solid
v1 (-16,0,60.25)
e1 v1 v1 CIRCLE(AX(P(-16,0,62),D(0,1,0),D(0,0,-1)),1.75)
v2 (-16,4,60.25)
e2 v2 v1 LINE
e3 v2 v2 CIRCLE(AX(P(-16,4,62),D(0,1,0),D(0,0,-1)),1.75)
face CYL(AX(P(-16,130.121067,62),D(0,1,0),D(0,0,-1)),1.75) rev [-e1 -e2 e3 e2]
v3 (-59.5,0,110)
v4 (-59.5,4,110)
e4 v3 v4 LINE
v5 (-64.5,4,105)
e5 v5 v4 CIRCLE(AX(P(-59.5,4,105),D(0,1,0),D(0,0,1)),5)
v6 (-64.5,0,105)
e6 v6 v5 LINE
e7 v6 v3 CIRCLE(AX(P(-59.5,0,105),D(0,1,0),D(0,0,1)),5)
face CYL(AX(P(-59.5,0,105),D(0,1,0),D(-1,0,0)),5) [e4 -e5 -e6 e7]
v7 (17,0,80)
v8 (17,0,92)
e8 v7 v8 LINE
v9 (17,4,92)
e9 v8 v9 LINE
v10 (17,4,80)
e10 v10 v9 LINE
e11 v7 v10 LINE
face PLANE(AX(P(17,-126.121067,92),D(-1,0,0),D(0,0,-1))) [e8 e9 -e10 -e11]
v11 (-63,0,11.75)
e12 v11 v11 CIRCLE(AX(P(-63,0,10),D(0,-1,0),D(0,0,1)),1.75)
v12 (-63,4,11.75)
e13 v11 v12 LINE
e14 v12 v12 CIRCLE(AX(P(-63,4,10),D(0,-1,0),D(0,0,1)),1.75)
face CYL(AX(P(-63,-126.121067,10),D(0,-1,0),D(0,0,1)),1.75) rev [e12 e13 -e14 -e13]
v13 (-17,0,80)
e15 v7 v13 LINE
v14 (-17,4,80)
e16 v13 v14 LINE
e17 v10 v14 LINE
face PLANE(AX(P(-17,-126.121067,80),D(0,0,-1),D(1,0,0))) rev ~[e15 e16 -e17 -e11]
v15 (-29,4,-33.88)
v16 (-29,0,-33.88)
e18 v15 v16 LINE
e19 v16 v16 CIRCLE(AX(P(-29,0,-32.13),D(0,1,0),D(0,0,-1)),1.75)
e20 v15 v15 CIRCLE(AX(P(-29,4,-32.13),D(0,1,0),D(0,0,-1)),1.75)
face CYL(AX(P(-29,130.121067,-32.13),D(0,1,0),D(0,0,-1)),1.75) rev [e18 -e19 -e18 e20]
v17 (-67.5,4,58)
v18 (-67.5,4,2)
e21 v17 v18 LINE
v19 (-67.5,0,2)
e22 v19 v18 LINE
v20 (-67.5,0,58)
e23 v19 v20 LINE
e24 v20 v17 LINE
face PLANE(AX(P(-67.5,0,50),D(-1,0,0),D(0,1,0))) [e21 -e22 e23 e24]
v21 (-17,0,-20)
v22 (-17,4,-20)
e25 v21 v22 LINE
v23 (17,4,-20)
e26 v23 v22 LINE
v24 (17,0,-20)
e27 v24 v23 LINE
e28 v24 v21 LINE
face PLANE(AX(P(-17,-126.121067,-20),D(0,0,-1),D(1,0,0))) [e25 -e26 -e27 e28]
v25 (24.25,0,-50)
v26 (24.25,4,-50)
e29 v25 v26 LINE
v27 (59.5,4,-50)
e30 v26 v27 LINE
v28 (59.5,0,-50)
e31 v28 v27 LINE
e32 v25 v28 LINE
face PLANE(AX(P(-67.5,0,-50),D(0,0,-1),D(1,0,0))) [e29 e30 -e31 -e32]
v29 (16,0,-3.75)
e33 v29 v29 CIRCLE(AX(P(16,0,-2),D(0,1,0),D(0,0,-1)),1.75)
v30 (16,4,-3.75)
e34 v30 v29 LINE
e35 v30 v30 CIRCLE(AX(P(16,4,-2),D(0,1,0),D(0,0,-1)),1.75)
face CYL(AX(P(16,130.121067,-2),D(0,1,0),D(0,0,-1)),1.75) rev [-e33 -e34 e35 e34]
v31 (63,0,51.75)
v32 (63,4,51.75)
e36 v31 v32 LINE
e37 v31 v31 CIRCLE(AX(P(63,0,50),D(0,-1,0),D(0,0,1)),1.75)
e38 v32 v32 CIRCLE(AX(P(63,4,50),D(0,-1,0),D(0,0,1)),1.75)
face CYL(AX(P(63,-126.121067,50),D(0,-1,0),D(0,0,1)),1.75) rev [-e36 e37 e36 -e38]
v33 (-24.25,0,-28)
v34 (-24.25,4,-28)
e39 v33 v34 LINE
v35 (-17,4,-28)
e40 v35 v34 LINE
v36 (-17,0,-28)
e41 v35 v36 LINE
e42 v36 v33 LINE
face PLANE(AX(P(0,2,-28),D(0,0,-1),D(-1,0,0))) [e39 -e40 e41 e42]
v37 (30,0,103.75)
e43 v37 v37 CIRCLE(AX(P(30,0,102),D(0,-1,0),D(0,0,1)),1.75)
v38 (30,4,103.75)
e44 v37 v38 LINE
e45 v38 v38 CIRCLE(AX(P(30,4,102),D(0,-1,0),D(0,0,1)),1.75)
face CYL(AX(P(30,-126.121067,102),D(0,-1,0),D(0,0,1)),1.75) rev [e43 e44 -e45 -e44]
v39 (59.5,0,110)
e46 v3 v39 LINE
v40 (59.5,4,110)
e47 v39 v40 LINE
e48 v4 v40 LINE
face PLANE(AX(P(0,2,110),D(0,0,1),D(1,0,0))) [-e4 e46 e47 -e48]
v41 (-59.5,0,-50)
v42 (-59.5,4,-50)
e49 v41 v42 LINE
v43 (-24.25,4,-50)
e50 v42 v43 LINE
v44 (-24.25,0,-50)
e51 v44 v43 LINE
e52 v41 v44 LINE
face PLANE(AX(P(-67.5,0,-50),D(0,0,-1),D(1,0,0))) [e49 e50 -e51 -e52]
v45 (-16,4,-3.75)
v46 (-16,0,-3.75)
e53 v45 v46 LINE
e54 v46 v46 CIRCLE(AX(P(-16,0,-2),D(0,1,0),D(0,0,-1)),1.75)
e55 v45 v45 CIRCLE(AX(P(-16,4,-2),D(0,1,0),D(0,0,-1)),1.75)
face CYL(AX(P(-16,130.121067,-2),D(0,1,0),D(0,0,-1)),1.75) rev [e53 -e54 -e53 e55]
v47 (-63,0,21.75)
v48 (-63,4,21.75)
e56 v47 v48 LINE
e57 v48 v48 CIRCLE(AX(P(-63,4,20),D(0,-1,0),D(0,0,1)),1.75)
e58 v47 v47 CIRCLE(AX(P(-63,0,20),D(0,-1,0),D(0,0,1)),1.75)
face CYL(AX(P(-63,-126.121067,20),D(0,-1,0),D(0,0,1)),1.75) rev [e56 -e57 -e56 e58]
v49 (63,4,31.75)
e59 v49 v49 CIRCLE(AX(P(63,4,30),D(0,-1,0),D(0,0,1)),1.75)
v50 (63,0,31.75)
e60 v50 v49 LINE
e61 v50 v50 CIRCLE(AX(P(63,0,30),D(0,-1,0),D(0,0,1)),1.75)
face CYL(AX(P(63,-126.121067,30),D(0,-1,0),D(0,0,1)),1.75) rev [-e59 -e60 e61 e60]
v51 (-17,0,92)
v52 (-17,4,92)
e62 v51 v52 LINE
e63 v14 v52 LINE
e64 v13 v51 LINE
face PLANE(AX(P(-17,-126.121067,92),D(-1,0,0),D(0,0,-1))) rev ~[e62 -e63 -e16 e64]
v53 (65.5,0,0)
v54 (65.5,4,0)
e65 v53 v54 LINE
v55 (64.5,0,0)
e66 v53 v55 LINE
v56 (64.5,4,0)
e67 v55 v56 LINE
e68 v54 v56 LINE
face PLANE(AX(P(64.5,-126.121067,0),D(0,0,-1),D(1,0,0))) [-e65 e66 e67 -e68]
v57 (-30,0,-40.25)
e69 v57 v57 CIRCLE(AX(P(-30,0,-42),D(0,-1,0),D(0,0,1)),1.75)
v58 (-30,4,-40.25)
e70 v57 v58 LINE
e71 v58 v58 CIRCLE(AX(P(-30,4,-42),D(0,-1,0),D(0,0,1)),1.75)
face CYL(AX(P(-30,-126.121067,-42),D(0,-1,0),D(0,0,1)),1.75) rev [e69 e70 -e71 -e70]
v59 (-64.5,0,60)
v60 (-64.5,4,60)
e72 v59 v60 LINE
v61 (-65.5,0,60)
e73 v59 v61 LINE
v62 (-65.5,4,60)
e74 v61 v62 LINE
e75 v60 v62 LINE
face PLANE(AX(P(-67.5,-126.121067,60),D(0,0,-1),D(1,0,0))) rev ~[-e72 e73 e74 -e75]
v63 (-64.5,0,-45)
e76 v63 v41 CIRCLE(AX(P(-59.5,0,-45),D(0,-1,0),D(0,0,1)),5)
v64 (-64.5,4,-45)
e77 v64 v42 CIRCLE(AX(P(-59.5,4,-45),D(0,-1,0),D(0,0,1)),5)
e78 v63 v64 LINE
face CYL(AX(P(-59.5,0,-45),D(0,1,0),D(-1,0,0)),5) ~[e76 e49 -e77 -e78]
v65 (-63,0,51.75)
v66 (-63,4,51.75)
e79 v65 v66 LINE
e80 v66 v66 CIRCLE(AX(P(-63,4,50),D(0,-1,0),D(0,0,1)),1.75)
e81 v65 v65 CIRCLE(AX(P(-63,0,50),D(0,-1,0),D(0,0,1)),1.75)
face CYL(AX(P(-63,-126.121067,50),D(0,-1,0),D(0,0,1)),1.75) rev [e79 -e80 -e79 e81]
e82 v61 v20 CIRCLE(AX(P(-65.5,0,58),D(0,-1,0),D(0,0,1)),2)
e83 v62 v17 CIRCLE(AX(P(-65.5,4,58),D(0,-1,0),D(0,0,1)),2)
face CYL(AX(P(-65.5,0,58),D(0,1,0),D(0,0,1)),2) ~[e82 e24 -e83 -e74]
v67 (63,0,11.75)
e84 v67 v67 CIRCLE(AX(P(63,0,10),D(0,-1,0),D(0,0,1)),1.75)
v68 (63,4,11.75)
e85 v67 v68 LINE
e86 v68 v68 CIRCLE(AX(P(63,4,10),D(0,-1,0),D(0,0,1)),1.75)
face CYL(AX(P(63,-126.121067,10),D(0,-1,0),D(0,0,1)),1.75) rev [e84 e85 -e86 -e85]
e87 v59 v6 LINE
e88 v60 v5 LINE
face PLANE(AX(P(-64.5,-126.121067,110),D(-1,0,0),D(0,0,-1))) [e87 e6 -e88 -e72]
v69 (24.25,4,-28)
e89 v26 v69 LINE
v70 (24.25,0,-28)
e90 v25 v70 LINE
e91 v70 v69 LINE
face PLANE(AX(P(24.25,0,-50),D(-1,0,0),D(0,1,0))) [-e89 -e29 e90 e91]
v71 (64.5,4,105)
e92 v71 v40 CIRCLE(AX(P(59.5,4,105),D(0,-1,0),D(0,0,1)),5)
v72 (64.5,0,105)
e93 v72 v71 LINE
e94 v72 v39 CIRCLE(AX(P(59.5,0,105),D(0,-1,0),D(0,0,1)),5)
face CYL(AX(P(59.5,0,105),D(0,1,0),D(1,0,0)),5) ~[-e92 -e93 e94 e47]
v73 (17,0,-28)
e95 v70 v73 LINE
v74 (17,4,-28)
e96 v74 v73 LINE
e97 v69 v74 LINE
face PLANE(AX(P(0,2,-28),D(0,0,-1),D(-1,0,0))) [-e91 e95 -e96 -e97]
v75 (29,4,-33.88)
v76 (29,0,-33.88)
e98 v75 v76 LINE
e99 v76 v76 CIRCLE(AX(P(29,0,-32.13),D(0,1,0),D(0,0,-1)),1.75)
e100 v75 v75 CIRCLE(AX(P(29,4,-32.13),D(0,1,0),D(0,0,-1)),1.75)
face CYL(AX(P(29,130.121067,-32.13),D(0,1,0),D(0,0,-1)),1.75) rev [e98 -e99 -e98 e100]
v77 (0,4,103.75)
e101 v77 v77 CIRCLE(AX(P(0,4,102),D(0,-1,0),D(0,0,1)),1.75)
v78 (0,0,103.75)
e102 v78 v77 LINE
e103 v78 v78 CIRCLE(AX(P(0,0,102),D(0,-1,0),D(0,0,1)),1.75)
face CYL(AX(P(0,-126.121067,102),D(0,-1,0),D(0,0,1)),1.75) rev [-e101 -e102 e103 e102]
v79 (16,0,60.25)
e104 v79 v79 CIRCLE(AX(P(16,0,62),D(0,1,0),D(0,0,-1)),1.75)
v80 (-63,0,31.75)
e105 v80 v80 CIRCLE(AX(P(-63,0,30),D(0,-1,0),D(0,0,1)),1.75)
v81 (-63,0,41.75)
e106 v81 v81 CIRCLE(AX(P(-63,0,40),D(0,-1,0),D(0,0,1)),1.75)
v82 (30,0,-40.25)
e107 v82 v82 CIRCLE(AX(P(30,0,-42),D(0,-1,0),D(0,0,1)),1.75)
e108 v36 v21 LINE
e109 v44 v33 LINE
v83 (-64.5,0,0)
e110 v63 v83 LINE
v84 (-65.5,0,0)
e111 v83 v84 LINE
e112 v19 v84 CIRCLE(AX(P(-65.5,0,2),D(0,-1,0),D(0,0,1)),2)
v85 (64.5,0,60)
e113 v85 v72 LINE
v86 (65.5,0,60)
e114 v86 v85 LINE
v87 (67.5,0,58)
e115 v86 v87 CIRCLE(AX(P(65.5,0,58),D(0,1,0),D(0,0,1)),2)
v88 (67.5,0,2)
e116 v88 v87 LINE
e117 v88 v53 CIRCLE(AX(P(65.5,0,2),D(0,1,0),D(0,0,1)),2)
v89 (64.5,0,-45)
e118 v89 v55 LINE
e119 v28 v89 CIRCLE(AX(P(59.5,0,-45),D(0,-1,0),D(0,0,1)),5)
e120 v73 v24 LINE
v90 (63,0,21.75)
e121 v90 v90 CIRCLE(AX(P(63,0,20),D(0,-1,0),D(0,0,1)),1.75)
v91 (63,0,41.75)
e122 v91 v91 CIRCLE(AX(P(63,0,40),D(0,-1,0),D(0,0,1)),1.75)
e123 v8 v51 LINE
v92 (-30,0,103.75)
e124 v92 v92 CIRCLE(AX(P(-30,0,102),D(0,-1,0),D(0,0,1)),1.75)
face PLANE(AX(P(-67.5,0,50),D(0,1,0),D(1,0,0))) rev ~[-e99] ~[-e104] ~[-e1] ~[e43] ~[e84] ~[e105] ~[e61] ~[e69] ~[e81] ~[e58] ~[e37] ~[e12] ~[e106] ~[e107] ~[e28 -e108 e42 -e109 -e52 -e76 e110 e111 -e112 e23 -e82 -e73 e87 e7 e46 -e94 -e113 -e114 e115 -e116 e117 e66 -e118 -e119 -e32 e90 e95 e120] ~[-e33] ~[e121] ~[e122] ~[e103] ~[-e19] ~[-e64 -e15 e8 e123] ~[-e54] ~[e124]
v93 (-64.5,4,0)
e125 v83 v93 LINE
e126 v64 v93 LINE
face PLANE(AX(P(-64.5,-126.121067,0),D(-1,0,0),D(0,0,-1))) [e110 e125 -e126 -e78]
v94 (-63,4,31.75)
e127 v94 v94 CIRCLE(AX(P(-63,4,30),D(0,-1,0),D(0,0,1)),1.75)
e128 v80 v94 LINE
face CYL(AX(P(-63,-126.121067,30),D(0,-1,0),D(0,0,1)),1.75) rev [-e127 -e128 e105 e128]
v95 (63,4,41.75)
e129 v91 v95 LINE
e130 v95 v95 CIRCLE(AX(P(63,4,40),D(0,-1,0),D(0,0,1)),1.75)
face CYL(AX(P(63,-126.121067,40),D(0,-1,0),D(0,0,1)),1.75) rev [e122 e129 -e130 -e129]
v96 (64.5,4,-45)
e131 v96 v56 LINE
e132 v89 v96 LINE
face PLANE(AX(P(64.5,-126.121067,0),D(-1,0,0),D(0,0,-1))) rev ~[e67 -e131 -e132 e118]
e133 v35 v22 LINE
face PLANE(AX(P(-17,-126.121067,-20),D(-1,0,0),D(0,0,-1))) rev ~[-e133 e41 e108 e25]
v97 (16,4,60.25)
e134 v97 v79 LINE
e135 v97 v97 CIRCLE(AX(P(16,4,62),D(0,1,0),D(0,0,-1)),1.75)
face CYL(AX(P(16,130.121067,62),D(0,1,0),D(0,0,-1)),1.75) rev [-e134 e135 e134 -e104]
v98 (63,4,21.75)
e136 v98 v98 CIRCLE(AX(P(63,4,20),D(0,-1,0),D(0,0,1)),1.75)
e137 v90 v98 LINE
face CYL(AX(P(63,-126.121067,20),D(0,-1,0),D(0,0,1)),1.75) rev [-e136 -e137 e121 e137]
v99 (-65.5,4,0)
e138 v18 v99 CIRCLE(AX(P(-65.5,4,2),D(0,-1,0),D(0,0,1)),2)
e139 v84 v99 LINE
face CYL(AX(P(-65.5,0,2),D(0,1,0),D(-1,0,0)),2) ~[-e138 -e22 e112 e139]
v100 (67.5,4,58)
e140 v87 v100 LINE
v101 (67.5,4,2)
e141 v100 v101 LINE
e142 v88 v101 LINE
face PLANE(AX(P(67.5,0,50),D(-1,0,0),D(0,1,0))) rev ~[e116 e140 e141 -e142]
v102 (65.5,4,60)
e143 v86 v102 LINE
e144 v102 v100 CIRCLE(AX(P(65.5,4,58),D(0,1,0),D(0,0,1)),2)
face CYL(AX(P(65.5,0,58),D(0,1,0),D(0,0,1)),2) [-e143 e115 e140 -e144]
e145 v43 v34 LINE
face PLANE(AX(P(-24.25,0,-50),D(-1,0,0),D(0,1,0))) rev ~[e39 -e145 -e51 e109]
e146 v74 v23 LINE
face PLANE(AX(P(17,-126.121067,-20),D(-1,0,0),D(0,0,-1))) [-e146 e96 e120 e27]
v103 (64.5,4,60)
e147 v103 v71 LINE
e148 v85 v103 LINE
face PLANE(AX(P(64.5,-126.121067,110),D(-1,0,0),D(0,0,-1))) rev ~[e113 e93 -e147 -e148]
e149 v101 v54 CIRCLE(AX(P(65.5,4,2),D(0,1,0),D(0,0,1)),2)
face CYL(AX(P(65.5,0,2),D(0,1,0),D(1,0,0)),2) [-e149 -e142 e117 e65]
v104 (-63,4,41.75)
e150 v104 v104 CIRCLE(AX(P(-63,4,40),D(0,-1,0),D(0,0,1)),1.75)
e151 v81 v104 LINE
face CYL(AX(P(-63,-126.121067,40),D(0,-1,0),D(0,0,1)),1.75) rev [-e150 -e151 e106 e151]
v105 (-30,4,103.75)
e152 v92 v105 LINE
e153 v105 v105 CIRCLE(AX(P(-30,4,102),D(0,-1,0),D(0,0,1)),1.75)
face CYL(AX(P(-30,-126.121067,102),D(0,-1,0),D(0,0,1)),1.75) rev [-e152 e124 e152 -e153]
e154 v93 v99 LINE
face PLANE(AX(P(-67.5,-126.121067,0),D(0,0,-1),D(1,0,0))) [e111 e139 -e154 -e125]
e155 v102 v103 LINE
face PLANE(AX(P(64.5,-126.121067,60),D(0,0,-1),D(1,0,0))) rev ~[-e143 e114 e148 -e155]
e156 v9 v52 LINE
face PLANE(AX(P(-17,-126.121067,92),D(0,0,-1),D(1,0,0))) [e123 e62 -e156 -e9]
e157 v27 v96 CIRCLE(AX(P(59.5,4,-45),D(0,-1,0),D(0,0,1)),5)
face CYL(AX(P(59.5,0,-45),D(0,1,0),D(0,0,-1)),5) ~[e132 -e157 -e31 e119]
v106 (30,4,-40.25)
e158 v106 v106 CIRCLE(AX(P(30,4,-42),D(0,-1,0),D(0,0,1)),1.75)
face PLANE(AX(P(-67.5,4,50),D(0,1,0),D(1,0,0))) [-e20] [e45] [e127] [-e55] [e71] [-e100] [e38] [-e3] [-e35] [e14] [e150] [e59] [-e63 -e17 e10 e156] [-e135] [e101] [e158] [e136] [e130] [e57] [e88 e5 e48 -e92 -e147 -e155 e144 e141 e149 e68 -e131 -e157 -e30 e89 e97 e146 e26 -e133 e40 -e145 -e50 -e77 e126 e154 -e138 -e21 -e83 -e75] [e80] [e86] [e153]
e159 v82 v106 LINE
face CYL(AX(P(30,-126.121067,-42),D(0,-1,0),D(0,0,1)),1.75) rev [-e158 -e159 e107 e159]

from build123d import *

# Parameters (mm, degrees)
SKETCH_1_W               = 135
SKETCH_1_H               = 100
EXTRUDE_1_DEPTH          = 4
SKETCH_2_W               = 135
SKETCH_2_H               = 4
EXTRUDE_2_DEPTH          = 60
CUT_EXTRUDE_1_DEPTH      = 130.12106722
CUT_EXTRUDE_1_DEPTH_BACK = 130.12106722
SKETCH_3_W               = 3
SKETCH_3_H               = 50
FILLET_1_R               = 5
FILLET_2_R               = 2
CUT_EXTRUDE_2_DEPTH      = 130.12106722
CUT_EXTRUDE_2_DEPTH_BACK = 130.12106722
SKETCH_4_R               = 1.75
CUT_EXTRUDE_3_DEPTH      = 130.12106722
CUT_EXTRUDE_3_DEPTH_BACK = 130.12106722
SKETCH_5_W               = 34
SKETCH_5_H               = 12
CUT_EXTRUDE_4_DEPTH      = 130.12106722
CUT_EXTRUDE_4_DEPTH_BACK = 130.12106722
SKETCH_6_R               = 1.75
SKETCH_7_W               = 48.5
SKETCH_7_H               = 4
CUT_EXTRUDE_5_DEPTH      = 22
CUT_EXTRUDE_6_DEPTH      = 130.12106722
CUT_EXTRUDE_6_DEPTH_BACK = 130.12106722
SKETCH_8_R               = 1.75
CUT_EXTRUDE_7_DEPTH      = 130.12106722
CUT_EXTRUDE_7_DEPTH_BACK = 130.12106722
SKETCH_9_R               = 1.75


with BuildPart() as part:
    # 草图1 → 凸台-拉伸1 (new body)
    with BuildSketch(Plane(origin=(0, 0, 0), x_dir=(1, 0, 0), z_dir=(0, 1, 0))):
        Rectangle(SKETCH_1_W, SKETCH_1_H)
    extrude(amount=EXTRUDE_1_DEPTH)

    # 草图2 → 凸台-拉伸2 (add)
    with BuildSketch(Plane.XY.offset(50)):
        with Locations((0, 2)):
            Rectangle(SKETCH_2_W, SKETCH_2_H)
    extrude(amount=EXTRUDE_2_DEPTH)

    # 草图3 → 切除-拉伸1 (cut, two sides: drawn at the far end of the back side and taken through both)
    with BuildSketch(Plane(origin=(0, 4, 0), x_dir=(1, 0, 0), z_dir=(0, 1, 0)).offset(-CUT_EXTRUDE_1_DEPTH_BACK)):
        with Locations((-66, 25)):
            Rectangle(SKETCH_3_W, SKETCH_3_H)
        with Locations((66, 25)):
            Rectangle(SKETCH_3_W, SKETCH_3_H)
        with Locations((-66, -85)):
            Rectangle(SKETCH_3_W, SKETCH_3_H)
        with Locations((66, -85)):
            Rectangle(SKETCH_3_W, SKETCH_3_H)
    extrude(amount=CUT_EXTRUDE_1_DEPTH + CUT_EXTRUDE_1_DEPTH_BACK, mode=Mode.SUBTRACT)

    # 圆角1
    fillet_1_edges = [part.edges().sort_by_distance(p)[0] for p in [
        (64.5, 2, -50),
        (-64.5, 2, 110),
        (64.5, 2, 110),
        (-64.5, 2, -50),
    ]]
    fillet(fillet_1_edges, radius=FILLET_1_R)

    # 圆角2
    fillet_2_edges = [part.edges().sort_by_distance(p)[0] for p in [
        (67.5, 2, 0),
        (-67.5, 2, 60),
        (67.5, 2, 60),
        (-67.5, 2, 0),
    ]]
    fillet(fillet_2_edges, radius=FILLET_2_R)

    # 草图4 → 切除-拉伸2 (cut, two sides: drawn at the far end of the back side and taken through both)
    with BuildSketch(Plane(origin=(0, 4, 0), x_dir=(1, 0, 0), z_dir=(0, 1, 0)).offset(-CUT_EXTRUDE_2_DEPTH_BACK)):
        with Locations(Location((-30, -102, 0), (0, 0, 270))):
            Circle(SKETCH_4_R)
        with Locations(Location((0, -102, 0), (0, 0, 270))):
            Circle(SKETCH_4_R)
        with Locations(Location((30, -102, 0), (0, 0, 270))):
            Circle(SKETCH_4_R)
        with Locations(Location((-30, 42, 0), (0, 0, 270))):
            Circle(SKETCH_4_R)
        with Locations(Location((0, 42, 0), (0, 0, 270))):
            Circle(SKETCH_4_R)
        with Locations(Location((30, 42, 0), (0, 0, 270))):
            Circle(SKETCH_4_R)
    extrude(amount=CUT_EXTRUDE_2_DEPTH + CUT_EXTRUDE_2_DEPTH_BACK, mode=Mode.SUBTRACT)

    # 草图5 → 切除-拉伸3 (cut, two sides: drawn at the far end of the back side and taken through both)
    with BuildSketch(Plane(origin=(0, 4, 0), x_dir=(1, 0, 0), z_dir=(0, 1, 0)).offset(-CUT_EXTRUDE_3_DEPTH_BACK)):
        with Locations((0, -86)):
            Rectangle(SKETCH_5_W, SKETCH_5_H)
        with Locations((0, 26)):
            Rectangle(SKETCH_5_W, SKETCH_5_H)
    extrude(amount=CUT_EXTRUDE_3_DEPTH + CUT_EXTRUDE_3_DEPTH_BACK, mode=Mode.SUBTRACT)

    # 草图6 → 切除-拉伸4 (cut, two sides: drawn at the far end of the back side and taken through both)
    with BuildSketch(Plane.XZ.offset(-CUT_EXTRUDE_4_DEPTH_BACK)):
        with Locations(Location((-16, -2, 0), (0, 0, 270))):
            Circle(SKETCH_6_R)
        with Locations(Location((16, -2, 0), (0, 0, 270))):
            Circle(SKETCH_6_R)
        with Locations(Location((16, 62, 0), (0, 0, 270))):
            Circle(SKETCH_6_R)
        with Locations(Location((-16, 62, 0), (0, 0, 270))):
            Circle(SKETCH_6_R)
    extrude(amount=CUT_EXTRUDE_4_DEPTH + CUT_EXTRUDE_4_DEPTH_BACK, mode=Mode.SUBTRACT)

    # 草图7 → 切除-拉伸5 (cut)
    with BuildSketch(Plane(origin=(0, 0, -50), x_dir=(-1, 0, 0), z_dir=(0, 0, -1))):
        with Locations((0, 2)):
            Rectangle(SKETCH_7_W, SKETCH_7_H)
    extrude(amount=-CUT_EXTRUDE_5_DEPTH, mode=Mode.SUBTRACT)

    # 草图8 → 切除-拉伸6 (cut, two sides: drawn at the far end of the back side and taken through both)
    with BuildSketch(Plane.XZ.offset(-CUT_EXTRUDE_6_DEPTH_BACK)):
        with Locations(Location((-29, -32.13, 0), (0, 0, 270))):
            Circle(SKETCH_8_R)
        with Locations(Location((29, -32.13, 0), (0, 0, 270))):
            Circle(SKETCH_8_R)
    extrude(amount=CUT_EXTRUDE_6_DEPTH + CUT_EXTRUDE_6_DEPTH_BACK, mode=Mode.SUBTRACT)

    # 草图9 → 切除-拉伸7 (cut, two sides: drawn at the far end of the back side and taken through both)
    with BuildSketch(Plane(origin=(0, 4, 0), x_dir=(1, 0, 0), z_dir=(0, 1, 0)).offset(-CUT_EXTRUDE_7_DEPTH_BACK)):
        with Locations(Location((-63, -30, 0), (0, 0, 270))):
            Circle(SKETCH_9_R)
        with Locations(Location((-63, -20, 0), (0, 0, 270))):
            Circle(SKETCH_9_R)
        with Locations(Location((-63, -10, 0), (0, 0, 270))):
            Circle(SKETCH_9_R)
        with Locations(Location((-63, -40, 0), (0, 0, 270))):
            Circle(SKETCH_9_R)
        with Locations(Location((-63, -50, 0), (0, 0, 270))):
            Circle(SKETCH_9_R)
        with Locations(Location((63, -50, 0), (0, 0, 270))):
            Circle(SKETCH_9_R)
        with Locations(Location((63, -40, 0), (0, 0, 270))):
            Circle(SKETCH_9_R)
        with Locations(Location((63, -30, 0), (0, 0, 270))):
            Circle(SKETCH_9_R)
        with Locations(Location((63, -20, 0), (0, 0, 270))):
            Circle(SKETCH_9_R)
        with Locations(Location((63, -10, 0), (0, 0, 270))):
            Circle(SKETCH_9_R)
    extrude(amount=CUT_EXTRUDE_7_DEPTH + CUT_EXTRUDE_7_DEPTH_BACK, mode=Mode.SUBTRACT)


solid = part.part
